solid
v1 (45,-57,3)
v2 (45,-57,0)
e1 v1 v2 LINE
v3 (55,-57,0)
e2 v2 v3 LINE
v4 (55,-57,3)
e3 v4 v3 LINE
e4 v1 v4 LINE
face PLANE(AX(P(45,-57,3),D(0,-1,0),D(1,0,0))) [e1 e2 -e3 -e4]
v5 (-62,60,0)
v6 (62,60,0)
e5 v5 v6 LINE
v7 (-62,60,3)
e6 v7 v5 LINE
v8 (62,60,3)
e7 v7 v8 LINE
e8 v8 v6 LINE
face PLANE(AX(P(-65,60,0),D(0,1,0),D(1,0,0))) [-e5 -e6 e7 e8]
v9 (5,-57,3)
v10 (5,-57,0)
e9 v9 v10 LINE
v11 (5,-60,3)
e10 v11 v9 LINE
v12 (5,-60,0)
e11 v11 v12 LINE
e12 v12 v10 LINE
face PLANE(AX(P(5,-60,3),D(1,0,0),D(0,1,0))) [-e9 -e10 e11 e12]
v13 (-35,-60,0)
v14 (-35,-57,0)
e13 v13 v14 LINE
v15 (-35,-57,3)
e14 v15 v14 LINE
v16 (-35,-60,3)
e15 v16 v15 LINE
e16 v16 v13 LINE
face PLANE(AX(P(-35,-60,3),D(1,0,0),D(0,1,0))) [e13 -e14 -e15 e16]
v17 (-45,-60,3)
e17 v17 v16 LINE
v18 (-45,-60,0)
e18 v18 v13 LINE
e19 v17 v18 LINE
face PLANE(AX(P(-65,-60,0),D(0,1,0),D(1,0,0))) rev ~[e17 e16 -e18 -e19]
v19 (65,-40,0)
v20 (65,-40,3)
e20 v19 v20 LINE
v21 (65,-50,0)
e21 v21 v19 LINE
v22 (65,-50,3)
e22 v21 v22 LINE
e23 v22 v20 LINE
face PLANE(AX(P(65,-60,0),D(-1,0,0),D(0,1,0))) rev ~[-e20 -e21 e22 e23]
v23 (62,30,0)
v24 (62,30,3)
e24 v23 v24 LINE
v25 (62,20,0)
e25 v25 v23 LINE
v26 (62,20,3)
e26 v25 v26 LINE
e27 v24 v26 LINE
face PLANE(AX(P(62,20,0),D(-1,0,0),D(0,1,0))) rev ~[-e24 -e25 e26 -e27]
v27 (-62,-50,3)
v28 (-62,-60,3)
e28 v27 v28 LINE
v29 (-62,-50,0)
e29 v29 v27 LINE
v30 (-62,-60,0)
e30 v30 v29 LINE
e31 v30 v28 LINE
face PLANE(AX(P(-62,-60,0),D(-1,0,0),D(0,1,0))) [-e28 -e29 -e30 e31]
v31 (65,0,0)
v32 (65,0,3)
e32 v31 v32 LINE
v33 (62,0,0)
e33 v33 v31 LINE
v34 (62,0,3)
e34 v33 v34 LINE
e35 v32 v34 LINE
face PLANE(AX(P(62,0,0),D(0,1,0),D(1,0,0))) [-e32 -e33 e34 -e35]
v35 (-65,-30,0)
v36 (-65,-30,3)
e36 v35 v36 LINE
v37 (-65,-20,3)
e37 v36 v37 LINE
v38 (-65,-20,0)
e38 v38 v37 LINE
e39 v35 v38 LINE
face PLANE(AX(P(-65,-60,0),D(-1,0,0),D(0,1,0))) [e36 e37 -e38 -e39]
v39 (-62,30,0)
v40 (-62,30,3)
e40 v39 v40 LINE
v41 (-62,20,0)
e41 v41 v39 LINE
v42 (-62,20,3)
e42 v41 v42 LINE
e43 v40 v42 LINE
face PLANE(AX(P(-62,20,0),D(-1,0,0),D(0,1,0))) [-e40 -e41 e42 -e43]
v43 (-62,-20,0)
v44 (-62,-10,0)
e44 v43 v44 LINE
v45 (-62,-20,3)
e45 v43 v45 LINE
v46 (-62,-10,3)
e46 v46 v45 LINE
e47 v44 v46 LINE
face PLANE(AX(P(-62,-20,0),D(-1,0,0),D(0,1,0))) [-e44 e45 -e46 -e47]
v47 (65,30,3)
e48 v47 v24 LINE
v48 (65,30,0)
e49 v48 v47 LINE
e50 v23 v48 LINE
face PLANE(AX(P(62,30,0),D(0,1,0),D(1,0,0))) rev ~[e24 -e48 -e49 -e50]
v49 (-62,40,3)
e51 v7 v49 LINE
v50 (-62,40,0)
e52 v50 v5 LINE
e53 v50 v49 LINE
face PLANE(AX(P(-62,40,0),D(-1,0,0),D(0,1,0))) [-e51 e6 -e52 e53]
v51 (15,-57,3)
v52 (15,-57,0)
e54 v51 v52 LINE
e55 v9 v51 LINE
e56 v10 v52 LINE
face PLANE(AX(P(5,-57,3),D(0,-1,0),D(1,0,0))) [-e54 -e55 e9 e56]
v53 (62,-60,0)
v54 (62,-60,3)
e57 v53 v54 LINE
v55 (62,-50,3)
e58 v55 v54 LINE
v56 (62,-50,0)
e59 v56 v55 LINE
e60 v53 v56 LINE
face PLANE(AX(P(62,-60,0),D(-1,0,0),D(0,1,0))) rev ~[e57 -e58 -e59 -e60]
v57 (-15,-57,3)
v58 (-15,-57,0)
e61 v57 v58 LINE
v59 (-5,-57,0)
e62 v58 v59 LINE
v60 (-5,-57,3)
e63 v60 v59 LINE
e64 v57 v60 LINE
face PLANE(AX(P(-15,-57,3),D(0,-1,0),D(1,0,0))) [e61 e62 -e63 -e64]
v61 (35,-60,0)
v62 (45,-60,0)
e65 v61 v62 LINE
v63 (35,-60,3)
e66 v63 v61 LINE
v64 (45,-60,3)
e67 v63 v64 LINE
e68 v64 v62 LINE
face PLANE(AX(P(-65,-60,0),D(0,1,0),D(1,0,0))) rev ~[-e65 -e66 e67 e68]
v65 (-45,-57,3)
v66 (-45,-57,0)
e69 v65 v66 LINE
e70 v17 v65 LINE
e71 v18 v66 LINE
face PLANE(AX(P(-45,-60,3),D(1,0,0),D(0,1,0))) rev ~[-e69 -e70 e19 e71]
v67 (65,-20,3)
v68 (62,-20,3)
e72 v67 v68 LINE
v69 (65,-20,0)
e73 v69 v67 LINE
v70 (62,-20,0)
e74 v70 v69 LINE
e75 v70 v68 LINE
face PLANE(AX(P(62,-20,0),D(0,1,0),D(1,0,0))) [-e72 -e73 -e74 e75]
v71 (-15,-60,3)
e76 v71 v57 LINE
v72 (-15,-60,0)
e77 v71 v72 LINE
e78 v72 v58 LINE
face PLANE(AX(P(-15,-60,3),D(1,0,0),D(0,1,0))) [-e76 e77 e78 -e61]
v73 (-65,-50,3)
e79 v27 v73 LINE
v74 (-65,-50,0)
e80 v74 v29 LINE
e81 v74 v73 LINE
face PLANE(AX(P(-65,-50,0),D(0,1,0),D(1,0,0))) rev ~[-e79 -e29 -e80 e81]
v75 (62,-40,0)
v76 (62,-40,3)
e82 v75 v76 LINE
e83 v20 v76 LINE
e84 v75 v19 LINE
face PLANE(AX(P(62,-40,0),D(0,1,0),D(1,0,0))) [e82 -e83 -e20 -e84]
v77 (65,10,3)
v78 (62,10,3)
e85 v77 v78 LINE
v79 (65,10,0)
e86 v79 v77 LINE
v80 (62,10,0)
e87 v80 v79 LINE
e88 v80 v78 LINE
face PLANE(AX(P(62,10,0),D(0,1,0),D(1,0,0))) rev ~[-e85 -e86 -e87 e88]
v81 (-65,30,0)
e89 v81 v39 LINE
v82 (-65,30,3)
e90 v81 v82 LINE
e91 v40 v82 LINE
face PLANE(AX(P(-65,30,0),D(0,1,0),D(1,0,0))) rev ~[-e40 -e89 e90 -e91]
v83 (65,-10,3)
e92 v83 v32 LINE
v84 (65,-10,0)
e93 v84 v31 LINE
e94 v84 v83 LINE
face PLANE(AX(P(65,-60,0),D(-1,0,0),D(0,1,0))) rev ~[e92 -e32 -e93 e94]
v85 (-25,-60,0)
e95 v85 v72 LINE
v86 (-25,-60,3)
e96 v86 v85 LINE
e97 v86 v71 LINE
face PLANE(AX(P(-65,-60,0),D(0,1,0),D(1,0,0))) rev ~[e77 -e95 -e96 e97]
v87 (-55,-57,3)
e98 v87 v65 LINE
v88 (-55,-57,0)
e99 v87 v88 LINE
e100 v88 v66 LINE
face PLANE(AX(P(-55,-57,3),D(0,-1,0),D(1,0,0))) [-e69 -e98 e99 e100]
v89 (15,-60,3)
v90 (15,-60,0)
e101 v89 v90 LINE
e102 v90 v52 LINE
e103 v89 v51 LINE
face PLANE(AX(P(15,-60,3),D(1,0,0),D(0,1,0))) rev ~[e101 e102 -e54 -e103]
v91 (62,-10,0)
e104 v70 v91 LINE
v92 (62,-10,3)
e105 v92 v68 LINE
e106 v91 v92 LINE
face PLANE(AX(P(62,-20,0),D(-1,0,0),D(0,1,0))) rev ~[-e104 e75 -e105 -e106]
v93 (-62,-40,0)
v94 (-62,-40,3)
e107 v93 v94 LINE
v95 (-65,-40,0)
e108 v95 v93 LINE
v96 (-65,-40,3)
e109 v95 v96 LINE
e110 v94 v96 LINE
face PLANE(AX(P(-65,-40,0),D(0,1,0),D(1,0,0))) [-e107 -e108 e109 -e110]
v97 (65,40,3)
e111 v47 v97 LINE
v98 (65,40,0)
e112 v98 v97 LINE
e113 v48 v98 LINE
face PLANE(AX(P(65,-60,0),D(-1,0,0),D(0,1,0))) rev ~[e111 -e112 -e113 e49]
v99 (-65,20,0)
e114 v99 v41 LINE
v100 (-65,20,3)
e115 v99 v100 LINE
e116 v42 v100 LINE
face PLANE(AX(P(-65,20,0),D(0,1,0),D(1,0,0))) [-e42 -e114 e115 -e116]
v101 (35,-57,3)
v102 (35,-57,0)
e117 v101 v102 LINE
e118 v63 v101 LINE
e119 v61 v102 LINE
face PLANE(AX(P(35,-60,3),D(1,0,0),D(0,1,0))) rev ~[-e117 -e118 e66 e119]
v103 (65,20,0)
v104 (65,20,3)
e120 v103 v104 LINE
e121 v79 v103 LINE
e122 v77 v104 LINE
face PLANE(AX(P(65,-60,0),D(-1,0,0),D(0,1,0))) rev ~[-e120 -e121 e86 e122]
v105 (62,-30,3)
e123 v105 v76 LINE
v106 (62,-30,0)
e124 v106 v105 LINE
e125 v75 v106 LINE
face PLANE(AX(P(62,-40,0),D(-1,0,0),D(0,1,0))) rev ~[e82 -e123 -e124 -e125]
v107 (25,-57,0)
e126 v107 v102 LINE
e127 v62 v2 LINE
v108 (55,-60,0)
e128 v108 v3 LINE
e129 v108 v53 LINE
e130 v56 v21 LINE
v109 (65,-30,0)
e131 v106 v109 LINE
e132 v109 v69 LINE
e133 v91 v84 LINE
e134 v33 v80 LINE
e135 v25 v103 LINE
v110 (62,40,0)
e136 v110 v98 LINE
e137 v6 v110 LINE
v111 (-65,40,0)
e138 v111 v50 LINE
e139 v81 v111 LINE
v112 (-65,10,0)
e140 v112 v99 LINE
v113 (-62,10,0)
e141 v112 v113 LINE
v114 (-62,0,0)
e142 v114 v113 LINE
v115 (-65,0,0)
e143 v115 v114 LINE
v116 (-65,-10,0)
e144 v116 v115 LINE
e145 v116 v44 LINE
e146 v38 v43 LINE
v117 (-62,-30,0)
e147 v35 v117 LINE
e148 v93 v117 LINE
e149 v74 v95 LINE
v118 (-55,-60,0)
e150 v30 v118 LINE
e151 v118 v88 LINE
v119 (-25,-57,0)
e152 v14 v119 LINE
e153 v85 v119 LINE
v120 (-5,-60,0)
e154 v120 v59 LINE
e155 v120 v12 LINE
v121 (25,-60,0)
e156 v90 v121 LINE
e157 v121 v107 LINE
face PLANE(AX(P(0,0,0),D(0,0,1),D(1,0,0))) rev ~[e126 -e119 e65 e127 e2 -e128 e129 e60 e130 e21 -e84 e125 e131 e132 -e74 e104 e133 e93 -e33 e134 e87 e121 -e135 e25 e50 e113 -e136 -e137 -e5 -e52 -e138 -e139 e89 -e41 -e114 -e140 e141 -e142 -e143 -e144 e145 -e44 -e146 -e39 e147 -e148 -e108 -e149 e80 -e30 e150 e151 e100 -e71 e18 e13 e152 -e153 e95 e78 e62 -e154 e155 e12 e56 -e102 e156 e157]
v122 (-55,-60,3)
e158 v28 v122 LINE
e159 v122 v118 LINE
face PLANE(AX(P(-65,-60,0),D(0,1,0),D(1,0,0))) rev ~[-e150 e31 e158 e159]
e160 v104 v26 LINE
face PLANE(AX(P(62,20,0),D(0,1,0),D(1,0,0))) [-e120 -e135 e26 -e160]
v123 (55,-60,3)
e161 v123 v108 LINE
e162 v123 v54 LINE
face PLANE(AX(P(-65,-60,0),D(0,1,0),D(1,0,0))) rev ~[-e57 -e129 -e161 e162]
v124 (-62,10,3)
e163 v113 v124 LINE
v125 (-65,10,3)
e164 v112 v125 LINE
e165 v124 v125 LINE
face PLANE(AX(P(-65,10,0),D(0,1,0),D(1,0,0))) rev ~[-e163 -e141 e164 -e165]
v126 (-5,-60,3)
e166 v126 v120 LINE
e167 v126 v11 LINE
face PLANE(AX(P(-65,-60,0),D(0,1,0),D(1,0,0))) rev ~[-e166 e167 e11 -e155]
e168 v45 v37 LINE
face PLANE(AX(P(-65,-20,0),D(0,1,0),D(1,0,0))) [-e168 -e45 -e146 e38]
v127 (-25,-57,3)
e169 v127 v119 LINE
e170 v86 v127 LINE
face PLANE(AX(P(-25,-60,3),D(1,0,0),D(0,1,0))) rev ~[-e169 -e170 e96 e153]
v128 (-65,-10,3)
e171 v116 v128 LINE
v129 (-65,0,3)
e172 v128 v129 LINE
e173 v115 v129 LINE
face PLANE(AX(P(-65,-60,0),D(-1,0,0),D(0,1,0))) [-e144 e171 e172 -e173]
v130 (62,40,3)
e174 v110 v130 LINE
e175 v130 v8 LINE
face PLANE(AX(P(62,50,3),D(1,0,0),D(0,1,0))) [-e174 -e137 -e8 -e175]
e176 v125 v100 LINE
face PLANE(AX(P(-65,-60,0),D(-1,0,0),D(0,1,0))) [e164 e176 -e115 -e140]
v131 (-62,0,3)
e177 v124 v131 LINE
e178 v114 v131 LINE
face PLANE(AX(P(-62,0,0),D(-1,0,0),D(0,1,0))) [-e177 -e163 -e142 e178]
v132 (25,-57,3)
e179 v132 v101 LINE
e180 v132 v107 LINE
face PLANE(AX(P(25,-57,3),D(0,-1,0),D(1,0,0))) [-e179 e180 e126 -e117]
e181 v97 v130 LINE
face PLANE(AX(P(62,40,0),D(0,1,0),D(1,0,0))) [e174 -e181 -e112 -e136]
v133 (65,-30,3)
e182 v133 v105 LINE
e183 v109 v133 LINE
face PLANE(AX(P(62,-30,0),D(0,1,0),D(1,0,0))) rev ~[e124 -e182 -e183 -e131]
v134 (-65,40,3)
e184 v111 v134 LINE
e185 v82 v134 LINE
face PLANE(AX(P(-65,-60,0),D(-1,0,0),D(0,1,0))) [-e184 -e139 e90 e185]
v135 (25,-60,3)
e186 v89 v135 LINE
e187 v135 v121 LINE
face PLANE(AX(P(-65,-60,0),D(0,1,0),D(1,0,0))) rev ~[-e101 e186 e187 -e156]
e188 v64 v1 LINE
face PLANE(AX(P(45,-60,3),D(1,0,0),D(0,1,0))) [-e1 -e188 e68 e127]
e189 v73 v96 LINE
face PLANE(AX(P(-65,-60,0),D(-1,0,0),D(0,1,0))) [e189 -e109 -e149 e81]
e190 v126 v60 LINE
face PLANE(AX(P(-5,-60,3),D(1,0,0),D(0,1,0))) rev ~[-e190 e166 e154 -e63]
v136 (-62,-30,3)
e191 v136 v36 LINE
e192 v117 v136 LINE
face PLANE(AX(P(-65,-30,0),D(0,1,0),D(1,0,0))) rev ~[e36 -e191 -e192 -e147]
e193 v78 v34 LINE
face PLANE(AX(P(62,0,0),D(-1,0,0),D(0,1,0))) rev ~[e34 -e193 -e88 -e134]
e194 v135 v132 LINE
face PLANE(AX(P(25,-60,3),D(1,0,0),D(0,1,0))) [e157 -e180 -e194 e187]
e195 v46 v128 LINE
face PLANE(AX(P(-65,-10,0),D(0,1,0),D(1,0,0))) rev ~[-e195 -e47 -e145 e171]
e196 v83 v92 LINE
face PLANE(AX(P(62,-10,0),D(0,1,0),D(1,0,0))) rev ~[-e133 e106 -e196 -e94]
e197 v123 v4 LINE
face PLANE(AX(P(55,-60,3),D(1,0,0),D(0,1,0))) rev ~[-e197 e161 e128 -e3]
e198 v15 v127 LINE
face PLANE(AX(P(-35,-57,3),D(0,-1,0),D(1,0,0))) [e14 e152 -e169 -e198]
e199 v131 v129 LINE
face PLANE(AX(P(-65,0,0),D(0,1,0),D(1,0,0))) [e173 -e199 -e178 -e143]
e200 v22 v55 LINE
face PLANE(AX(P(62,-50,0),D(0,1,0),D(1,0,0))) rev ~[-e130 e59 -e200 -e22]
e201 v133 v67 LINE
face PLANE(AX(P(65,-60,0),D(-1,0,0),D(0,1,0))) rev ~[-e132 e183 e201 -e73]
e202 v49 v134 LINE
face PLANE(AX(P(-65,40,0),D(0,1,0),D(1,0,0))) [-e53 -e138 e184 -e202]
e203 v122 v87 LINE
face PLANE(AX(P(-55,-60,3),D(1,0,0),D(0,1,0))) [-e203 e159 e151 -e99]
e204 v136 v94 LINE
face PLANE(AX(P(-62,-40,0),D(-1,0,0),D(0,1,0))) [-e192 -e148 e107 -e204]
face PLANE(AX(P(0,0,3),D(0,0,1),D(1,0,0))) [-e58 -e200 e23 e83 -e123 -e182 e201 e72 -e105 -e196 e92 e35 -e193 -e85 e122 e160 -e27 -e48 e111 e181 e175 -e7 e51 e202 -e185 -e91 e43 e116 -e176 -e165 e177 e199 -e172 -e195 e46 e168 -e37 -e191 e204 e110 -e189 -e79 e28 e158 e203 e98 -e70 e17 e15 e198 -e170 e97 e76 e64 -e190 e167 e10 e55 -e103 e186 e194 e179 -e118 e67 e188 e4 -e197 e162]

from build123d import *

# Parameters (mm, degrees)
F0_W     = 130
F0_H     = 120
F2_DEPTH = 3
F1_W     = 3
F1_H     = 10
F3_DEPTH = 25
F4_W     = 10
F4_H     = 3
F5_DEPTH = 25
F6_W     = 3
F6_H     = 10
F7_DEPTH = 25


with BuildPart() as f2:
    # F0 (on Top) → F2 (new body)
    with BuildSketch(Plane.XY):
        Rectangle(F0_W, F0_H)
    extrude(amount=F2_DEPTH)

    # F1 (on face) → F3 (cut)
    with BuildSketch(Plane.XY):
        with Locations((63.5, -55)):
            Rectangle(F1_W, F1_H)
        with Locations((63.5, -35)):
            Rectangle(F1_W, F1_H)
        with Locations((63.5, -15)):
            Rectangle(F1_W, F1_H)
        with Locations((63.5, 5)):
            Rectangle(F1_W, F1_H)
        with Locations((63.5, 25)):
            Rectangle(F1_W, F1_H)
        with Locations((63.5, 45)):
            Rectangle(F1_W, F1_H)
        with Locations((-63.5, -55)):
            Rectangle(F1_W, F1_H)
        with Locations((-63.5, 25)):
            Rectangle(F1_W, F1_H)
        with Locations((-63.5, 5)):
            Rectangle(F1_W, F1_H)
        with Locations((-63.5, -15)):
            Rectangle(F1_W, F1_H)
        with Locations((-63.5, 45)):
            Rectangle(F1_W, F1_H)
        with Locations((-63.5, -35)):
            Rectangle(F1_W, F1_H)
    extrude(amount=F3_DEPTH, mode=Mode.SUBTRACT)

    # F4 (on face) → F5 (cut)
    with BuildSketch(Plane.XY.offset(3)):
        with Locations((-50, -58.5)):
            Rectangle(F4_W, F4_H)
        with Locations((-30, -58.5)):
            Rectangle(F4_W, F4_H)
        with Locations((-10, -58.5)):
            Rectangle(F4_W, F4_H)
        with Locations((10, -58.5)):
            Rectangle(F4_W, F4_H)
        with Locations((30, -58.5)):
            Rectangle(F4_W, F4_H)
        with Locations((50, -58.5)):
            Rectangle(F4_W, F4_H)
    extrude(amount=-F5_DEPTH, mode=Mode.SUBTRACT)

    # F6 (on face) → F7 (cut)
    with BuildSketch(Plane.XY.offset(3)):
        with Locations((63.5, 55)):
            Rectangle(F6_W, F6_H)
        with Locations((-63.5, 55)):
            Rectangle(F6_W, F6_H)
    extrude(amount=-F7_DEPTH, mode=Mode.SUBTRACT)


solid = f2.part
